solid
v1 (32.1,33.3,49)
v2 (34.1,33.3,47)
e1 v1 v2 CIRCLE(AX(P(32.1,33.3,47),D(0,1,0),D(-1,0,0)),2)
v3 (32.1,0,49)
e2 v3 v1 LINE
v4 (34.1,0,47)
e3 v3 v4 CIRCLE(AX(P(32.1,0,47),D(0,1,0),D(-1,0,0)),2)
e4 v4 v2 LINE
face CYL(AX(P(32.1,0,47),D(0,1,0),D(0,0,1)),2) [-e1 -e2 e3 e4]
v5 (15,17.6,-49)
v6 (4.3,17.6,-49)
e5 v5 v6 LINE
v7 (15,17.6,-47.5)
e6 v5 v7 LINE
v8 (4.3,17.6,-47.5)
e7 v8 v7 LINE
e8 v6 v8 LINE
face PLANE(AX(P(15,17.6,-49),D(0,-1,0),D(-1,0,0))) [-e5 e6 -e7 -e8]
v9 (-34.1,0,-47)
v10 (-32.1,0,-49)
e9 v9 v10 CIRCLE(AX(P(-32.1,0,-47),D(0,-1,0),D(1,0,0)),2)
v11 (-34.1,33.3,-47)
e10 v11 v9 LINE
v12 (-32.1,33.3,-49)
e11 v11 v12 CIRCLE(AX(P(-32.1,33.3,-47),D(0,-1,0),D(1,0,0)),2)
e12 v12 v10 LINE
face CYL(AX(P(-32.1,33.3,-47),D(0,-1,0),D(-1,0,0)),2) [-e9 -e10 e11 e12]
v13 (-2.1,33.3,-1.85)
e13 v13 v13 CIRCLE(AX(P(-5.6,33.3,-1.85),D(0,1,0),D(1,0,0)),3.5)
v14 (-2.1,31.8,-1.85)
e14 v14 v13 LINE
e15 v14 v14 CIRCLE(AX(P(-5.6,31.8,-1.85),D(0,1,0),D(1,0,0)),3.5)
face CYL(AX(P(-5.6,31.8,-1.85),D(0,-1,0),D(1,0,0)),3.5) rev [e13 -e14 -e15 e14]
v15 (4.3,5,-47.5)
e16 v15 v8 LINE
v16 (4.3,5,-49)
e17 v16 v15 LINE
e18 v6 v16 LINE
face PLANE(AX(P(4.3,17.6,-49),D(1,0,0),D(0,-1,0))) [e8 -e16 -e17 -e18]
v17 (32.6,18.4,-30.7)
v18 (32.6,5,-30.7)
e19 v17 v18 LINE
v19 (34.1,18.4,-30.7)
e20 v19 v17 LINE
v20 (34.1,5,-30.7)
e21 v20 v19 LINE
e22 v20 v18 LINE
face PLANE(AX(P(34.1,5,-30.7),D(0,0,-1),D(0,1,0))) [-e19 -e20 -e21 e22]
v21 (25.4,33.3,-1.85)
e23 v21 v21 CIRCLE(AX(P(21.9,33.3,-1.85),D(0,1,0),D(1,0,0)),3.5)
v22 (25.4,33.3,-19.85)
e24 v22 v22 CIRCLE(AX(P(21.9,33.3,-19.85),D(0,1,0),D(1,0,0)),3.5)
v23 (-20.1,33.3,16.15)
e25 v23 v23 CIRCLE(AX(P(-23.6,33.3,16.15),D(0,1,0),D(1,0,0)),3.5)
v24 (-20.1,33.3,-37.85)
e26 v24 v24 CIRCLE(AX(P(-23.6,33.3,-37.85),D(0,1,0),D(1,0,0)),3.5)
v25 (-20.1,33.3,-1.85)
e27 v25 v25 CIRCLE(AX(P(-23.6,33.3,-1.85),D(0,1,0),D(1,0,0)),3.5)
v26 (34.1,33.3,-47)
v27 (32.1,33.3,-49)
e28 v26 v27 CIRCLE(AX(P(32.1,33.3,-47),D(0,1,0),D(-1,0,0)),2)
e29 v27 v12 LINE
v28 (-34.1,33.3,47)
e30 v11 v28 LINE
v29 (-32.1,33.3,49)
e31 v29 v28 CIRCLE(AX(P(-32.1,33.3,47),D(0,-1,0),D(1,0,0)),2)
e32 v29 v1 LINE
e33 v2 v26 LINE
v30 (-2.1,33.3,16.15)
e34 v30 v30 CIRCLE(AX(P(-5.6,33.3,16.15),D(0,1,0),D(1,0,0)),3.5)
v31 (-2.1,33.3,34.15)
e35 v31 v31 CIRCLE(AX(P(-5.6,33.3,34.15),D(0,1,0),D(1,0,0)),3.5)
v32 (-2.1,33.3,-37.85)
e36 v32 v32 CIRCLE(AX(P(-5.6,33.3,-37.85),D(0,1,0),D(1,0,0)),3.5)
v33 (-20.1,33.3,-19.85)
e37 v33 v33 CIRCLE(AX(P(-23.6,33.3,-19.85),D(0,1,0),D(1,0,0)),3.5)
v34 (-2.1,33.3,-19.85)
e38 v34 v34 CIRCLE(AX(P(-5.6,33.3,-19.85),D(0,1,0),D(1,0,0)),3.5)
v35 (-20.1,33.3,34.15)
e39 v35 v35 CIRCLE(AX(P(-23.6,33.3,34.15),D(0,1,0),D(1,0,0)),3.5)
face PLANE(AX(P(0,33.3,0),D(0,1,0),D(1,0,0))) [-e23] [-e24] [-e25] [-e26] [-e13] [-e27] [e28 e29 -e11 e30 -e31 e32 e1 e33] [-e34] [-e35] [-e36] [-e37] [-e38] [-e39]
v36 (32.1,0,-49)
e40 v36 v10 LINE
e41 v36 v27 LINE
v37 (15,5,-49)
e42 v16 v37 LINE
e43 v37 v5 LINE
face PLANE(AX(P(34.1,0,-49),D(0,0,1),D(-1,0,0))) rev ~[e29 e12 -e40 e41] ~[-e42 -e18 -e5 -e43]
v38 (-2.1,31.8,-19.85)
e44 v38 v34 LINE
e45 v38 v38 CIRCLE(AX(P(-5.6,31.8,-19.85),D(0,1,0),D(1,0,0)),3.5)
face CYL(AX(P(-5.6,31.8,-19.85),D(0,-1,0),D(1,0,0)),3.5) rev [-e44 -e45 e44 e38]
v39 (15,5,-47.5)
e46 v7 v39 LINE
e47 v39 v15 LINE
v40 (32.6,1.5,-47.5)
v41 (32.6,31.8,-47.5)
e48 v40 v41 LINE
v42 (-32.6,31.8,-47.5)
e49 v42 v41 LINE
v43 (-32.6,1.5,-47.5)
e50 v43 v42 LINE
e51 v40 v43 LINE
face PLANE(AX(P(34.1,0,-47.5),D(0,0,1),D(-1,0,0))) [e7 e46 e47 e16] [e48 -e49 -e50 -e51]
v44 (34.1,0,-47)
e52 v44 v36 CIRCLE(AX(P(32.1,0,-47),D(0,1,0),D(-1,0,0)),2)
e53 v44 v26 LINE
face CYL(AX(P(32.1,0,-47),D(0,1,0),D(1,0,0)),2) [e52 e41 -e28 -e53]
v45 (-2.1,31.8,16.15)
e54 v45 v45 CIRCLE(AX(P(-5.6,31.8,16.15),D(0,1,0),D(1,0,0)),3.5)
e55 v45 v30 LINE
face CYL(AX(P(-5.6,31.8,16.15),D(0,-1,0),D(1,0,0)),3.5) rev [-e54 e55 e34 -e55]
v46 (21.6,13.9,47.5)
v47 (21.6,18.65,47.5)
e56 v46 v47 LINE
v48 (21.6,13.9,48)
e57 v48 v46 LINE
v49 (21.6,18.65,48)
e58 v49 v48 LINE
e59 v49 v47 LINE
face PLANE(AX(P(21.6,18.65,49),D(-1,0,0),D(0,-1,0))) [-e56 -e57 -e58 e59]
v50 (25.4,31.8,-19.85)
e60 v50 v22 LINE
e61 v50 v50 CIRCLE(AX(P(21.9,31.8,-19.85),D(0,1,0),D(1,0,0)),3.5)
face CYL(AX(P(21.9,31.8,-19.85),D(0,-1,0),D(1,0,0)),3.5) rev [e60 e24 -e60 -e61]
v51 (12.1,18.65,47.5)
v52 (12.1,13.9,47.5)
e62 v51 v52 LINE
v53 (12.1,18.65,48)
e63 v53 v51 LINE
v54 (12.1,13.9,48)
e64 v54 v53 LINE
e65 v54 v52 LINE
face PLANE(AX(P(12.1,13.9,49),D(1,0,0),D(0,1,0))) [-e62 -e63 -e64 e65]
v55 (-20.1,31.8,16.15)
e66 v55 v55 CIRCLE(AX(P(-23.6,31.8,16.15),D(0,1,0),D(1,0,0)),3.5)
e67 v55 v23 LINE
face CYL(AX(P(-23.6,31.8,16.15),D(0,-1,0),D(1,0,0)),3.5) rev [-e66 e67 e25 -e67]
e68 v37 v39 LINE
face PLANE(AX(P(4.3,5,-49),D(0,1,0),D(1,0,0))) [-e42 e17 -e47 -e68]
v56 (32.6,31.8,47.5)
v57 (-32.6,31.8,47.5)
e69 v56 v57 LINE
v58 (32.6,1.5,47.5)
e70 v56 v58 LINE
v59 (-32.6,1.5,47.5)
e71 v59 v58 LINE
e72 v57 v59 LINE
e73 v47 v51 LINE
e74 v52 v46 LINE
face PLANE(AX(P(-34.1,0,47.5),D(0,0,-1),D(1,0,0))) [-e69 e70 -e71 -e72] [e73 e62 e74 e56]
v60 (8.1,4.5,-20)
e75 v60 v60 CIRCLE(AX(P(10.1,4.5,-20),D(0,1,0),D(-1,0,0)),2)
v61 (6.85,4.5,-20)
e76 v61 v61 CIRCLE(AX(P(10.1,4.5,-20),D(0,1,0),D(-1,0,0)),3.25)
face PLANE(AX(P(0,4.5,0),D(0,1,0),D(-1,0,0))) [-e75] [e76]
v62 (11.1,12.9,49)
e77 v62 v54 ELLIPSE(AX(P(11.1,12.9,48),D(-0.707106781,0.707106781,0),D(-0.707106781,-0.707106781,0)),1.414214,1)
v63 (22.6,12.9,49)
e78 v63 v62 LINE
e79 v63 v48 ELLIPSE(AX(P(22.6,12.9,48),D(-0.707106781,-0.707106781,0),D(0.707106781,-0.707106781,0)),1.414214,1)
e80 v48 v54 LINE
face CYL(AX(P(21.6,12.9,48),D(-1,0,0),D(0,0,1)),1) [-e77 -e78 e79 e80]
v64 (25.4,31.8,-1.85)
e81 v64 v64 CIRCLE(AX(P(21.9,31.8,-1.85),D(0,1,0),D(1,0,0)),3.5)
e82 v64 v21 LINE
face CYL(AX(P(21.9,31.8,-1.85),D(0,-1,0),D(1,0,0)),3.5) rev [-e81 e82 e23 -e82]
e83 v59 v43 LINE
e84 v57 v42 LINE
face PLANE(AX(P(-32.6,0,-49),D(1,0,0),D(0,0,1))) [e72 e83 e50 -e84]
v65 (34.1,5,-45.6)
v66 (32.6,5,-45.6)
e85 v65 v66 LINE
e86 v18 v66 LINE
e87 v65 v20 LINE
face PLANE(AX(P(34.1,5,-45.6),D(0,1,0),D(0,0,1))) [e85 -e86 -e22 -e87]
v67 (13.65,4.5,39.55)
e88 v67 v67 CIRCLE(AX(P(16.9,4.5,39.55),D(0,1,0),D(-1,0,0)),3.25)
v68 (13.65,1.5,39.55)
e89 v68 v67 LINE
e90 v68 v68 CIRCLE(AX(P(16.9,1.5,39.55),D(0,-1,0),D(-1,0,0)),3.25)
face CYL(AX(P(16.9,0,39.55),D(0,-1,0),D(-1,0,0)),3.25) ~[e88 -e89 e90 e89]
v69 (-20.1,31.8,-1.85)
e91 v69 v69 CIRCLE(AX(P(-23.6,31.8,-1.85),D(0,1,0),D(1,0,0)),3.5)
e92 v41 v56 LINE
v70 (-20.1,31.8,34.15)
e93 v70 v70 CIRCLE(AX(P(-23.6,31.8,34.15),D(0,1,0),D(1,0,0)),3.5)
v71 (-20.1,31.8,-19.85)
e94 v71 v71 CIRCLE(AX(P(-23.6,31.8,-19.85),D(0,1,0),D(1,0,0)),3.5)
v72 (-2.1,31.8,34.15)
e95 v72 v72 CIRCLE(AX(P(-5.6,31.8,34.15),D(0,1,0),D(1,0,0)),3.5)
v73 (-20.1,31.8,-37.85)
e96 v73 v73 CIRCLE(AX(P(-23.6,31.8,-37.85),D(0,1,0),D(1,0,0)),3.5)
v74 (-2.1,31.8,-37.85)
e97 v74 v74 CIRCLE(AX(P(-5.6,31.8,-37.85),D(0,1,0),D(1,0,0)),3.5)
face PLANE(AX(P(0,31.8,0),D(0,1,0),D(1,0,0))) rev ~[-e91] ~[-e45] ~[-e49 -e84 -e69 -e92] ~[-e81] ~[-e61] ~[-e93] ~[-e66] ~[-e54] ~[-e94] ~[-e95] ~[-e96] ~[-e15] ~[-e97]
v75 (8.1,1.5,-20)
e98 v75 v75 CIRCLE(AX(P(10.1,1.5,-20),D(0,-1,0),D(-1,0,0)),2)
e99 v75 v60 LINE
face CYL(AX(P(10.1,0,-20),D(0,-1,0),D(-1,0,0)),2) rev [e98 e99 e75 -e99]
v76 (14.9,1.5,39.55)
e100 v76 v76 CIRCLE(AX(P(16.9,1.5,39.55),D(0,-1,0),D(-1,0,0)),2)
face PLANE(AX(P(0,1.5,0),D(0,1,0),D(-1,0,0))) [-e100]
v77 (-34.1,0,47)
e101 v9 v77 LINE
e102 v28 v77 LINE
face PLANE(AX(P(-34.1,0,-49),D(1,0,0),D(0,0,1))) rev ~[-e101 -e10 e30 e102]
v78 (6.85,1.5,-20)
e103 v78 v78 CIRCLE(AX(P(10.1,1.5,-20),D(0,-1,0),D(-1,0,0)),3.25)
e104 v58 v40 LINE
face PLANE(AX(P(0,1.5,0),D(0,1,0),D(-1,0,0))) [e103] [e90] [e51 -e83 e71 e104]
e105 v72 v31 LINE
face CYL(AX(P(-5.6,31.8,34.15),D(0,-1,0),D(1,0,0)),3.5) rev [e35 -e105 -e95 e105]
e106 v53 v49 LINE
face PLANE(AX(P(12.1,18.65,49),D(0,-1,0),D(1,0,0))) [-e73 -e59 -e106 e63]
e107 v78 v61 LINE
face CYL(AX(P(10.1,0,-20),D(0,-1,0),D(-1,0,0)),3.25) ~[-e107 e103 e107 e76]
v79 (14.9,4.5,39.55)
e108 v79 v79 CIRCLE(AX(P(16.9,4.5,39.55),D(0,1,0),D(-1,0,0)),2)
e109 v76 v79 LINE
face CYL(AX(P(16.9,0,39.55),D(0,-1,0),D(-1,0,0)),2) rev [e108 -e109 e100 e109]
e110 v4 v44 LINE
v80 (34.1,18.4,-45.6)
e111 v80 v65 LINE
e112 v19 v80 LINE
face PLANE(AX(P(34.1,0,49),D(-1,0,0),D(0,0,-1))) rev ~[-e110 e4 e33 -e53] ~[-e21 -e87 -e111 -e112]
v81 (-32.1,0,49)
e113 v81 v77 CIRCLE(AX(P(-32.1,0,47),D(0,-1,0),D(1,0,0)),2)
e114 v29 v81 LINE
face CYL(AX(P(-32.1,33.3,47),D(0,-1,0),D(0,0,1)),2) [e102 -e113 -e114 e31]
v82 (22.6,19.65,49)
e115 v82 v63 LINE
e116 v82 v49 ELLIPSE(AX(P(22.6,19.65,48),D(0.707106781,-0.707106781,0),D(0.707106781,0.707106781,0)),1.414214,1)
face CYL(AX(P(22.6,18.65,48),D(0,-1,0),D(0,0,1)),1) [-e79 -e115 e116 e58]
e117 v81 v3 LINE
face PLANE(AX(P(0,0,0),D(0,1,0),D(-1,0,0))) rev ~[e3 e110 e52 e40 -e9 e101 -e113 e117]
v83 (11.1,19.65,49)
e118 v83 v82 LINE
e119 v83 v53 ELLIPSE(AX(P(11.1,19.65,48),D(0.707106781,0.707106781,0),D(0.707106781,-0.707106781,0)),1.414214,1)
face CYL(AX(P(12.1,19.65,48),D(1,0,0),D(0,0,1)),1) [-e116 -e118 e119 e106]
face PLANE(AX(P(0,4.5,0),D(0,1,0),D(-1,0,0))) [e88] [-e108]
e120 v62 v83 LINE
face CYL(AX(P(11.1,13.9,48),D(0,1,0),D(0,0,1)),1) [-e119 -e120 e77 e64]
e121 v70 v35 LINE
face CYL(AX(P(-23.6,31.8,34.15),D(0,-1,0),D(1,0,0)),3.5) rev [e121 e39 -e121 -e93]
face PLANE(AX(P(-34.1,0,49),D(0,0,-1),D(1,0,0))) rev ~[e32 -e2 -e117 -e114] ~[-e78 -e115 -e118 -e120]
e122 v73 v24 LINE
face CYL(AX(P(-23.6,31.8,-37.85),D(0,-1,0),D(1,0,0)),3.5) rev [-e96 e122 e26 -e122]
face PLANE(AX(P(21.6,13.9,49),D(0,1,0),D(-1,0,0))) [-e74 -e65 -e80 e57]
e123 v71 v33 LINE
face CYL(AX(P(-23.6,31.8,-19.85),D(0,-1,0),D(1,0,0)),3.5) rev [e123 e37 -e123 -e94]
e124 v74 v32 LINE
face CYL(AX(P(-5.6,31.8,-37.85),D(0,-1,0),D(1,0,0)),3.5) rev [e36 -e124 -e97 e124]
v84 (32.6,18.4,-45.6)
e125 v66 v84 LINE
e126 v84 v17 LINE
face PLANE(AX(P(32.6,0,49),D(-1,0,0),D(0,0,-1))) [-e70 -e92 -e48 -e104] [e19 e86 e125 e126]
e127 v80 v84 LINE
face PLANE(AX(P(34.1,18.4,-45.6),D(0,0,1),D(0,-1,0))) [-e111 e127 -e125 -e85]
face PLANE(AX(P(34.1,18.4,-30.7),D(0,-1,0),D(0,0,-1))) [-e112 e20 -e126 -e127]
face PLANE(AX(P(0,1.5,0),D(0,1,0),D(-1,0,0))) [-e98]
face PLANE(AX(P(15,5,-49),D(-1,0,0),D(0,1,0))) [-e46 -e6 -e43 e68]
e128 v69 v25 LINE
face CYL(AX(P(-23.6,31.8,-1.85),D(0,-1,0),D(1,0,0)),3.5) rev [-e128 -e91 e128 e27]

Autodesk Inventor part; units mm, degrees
ref_plane "YZ Plane" through (0, 0, 0) normal (1, 0, 0) x (0, 1, 0)
ref_plane "XZ Plane" through (0, 0, 0) normal (0, 1, 0) x (-1, 0, 0)
ref_plane "XY Plane" through (0, 0, 0) normal (0, 0, 1) x (1, 0, 0)
sketch "Sketch1" plane through (0, 0, 0) normal (0, 1, 0) x (-1, 0, 0)
  line L0 (-34.1, -49) -> (34.1, -49)
  line L1 (34.1, -49) -> (34.1, 49)
  line L2 (34.1, 49) -> (-34.1, 49)
  line L3 (-34.1, 49) -> (-34.1, -49)
  line L4 (-34.1, -49) -> (34.1, 49) construction
  line L5 (34.1, -49) -> (-34.1, 49) construction
  circle A0 centre (-16.9, 39.55) radius 2
  circle A1 centre (-16.9, 39.55) radius 3.25
  line L6 (-18.8909, 27.1453) -> (-18.8909, 26.9568)
  circle A2 centre (-10.1, -20) radius 2
  circle A3 centre (-10.1, -20) radius 3.25
  point P0 (0, 0)
  dimension "d0" = 68.2
  dimension "d1" = 98
  dimension "d6" = 4
  dimension "d7" = 6.5
  dimension "d8" = 17.2
  dimension "d9" = 9.45
  dimension "d10" = 24
  dimension "d11" = 29
  dimension "d12" = 4
  dimension "d13" = 6.5
extrude "Extrusion1" add sketch "Sketch1" along normal blind 31.8 contours L3 L2 L1 L0 | A0 | A1 | A2 | A3
shell "Shell1" thickness 1.5 removed faces 1 at (11.3667, 31.8, 16.3333)
extrude "Extrusion2" add sketch "Sketch1" along normal blind 4.5 contours A1 | A3
sketch "Sketch2" plane through (-34.1, 0, 49) normal (0, 0, 1) x (1, 0, 0)
  line L0 (0, 0) -> (68.2, 0) projected
  line L1 (68.2, 0) -> (68.2, 31.8) projected
  line L2 (68.2, 0) -> (68.2, 31.8) projected
  line L3 (68.2, 1.5) -> (40, 1.5)
  line L4 (68, 6) -> (36, 6)
  line L5 (36, 6) -> (36, 4.5)
  line L6 (36, 4.5) -> (68, 4.5)
  line L7 (68, 4.5) -> (68, 6)
  line L8 (47.2, 17.65) -> (54.7, 17.65)
  line L9 (54.7, 17.65) -> (54.7, 14.9)
  line L10 (54.7, 14.9) -> (47.2, 14.9)
  line L11 (47.2, 14.9) -> (47.2, 17.65)
  line L12 (47.2, 17.65) -> (54.7, 14.9)
  line L13 (54.7, 17.65) -> (47.2, 14.9)
  line L14 (55.7, 13.9) -> (46.2, 13.9)
  line L15 (46.2, 13.9) -> (46.2, 18.65)
  line L16 (46.2, 18.65) -> (55.7, 18.65)
  line L17 (55.7, 18.65) -> (55.7, 13.9)
  line L18 (55.7, 13.9) -> (46.2, 18.65) construction
  line L19 (46.2, 13.9) -> (55.7, 18.65) construction
  point P0 (34.1, 0)
  point P1 (50.95, 16.275)
  dimension "d19" = 1.5
  dimension "d20" = 3
  dimension "d21" = 1.5
  dimension "d22" = 8.9
  dimension "d23" = 7.5
  dimension "d24" = 2.75
  dimension "d25" = 13.5
  dimension "d26" = 1
  dimension "d27" = 1
extrude "Extrusion3" cut sketch "Sketch2" against normal blind 4.5 contours L12 L13 L11 | L8 L13 L12 | L9 L12 L13 | L13 L12 L10 | L14 L15 L16 L17
fillet "Fillet1" radius 1 4 edges at (16.85, 18.65, 49) (21.6, 16.275, 49) (16.85, 13.9, 49) (12.1, 16.275, 49)
sketch "Sketch3" plane through (34.1, 0, 49) normal (1, 0, 0) x (0, 0, -1)
  line L0 (0, 0) -> (98, 0) projected
  line L1 (98, 0) -> (98, 31.8) projected
  line L2 (80.7, 17.4) -> (93.6, 17.4)
  line L3 (93.6, 17.4) -> (93.6, 6)
  line L4 (93.6, 6) -> (80.7, 6)
  line L5 (80.7, 6) -> (80.7, 17.4)
  line L6 (80.7, 17.4) -> (93.6, 6) construction
  line L7 (93.6, 17.4) -> (80.7, 6) construction
  line L8 (94.6, 5) -> (79.7, 5)
  line L9 (79.7, 5) -> (79.7, 18.4)
  line L10 (79.7, 18.4) -> (94.6, 18.4)
  line L11 (94.6, 18.4) -> (94.6, 5)
  line L12 (94.6, 5) -> (79.7, 18.4) construction
  line L13 (79.7, 5) -> (94.6, 18.4) construction
  point P0 (49, 0)
  point P1 (87.15, 11.7)
  point P2 (87.15, 11.7)
  dimension "d31" = 6
  dimension "d32" = 4.4
  dimension "d33" = 11.4
  dimension "d34" = 12.9
  dimension "d35" = 1
  dimension "d36" = 1
extrude "Extrusion4" cut sketch "Sketch3" against normal blind 4.5 contours L2 L3 L4 L5 | L8 L9 L10 L11
sketch "Sketch4" plane through (34.1, 0, -49) normal (0, 0, -1) x (-1, 0, 0)
  line L0 (0, 0) -> (68.2, 0) projected
  line L1 (0, 0) -> (0, 31.8) projected
  line L2 (28.8, 6) -> (20.1, 6)
  line L3 (20.1, 6) -> (20.1, 16.6)
  line L4 (20.1, 16.6) -> (28.8, 16.6)
  line L5 (28.8, 16.6) -> (28.8, 6)
  line L6 (28.8, 6) -> (20.1, 16.6) construction
  line L7 (20.1, 6) -> (28.8, 16.6) construction
  line L8 (29.8, 5) -> (19.1, 5)
  line L9 (19.1, 5) -> (19.1, 17.6)
  line L10 (19.1, 17.6) -> (29.8, 17.6)
  line L11 (29.8, 17.6) -> (29.8, 5)
  line L12 (29.8, 5) -> (19.1, 17.6) construction
  line L13 (19.1, 5) -> (29.8, 17.6) construction
  point P0 (34.1, 0)
  point P1 (24.45, 11.3)
  dimension "d39" = 20.1
  dimension "d40" = 6
  dimension "d41" = 8.7
  dimension "d42" = 10.6
  dimension "d43" = 1
  dimension "d44" = 1
extrude "Extrusion5" cut sketch "Sketch4" against normal blind 4.5 contours L2 L3 L4 L5 | L8 L9 L10 L11
sketch "Sketch5" plane through (0, 31.8, 0) normal (0, 1, 0) x (1, 0, 0)
  line L0 (32.6, -47.5) -> (-32.6, -47.5) projected
  line L1 (-32.6, -47.5) -> (-32.6, 47.5) projected
  line L2 (-32.6, 47.5) -> (32.6, 47.5) projected
  line L3 (32.6, 47.5) -> (32.6, -47.5) projected
  line L4 (34.1, -49) -> (34.1, 49) projected
  line L5 (34.1, 49) -> (-34.1, 49) projected
  line L6 (-34.1, 49) -> (-34.1, -49) projected
  line L7 (-34.1, -49) -> (34.1, -49) projected
  line L8 (34.1, -49) -> (-34.1, -49)
  line L9 (-34.1, -49) -> (-34.1, 49)
  line L10 (-34.1, 49) -> (34.1, 49)
  line L11 (34.1, 49) -> (34.1, -49)
  circle A0 centre (-23.6, -34.15) radius 3
  circle A1 centre (-23.6, -34.15) radius 3.5
  circle A2 centre (-5.6, -34.15) radius 3.5
  circle A3 centre (-23.6, -16.15) radius 3.5
  circle A4 centre (-5.6, -16.15) radius 3.5
  circle A5 centre (-23.6, 1.85) radius 3.5
  circle A6 centre (-5.6, 1.85) radius 3.5
  circle A7 centre (-23.6, 19.85) radius 3.5
  circle A8 centre (-5.6, 19.85) radius 3.5
  circle A9 centre (-23.6, 37.85) radius 3.5
  circle A10 centre (-5.6, 37.85) radius 3.5
  circle A11 centre (-5.6, 1.85) radius 3.5
  circle A12 centre (21.9, 19.85) radius 3.5
  circle A13 centre (21.9, 1.85) radius 3.5
  line L12 (34.1, -49) -> (-34.1, -49)
  line L13 (-34.1, -49) -> (-34.1, 49)
  line L14 (-34.1, 49) -> (34.1, 49)
  line L15 (34.1, 49) -> (34.1, -49)
  point P0 (0, 0)
  dimension "d47" = 6
  dimension "d48" = 7
  dimension "d50" = 13.35
  dimension "d51" = 9
  dimension "d54" = 18
  dimension "d57" = 18
  dimension "d62" = 18
  dimension "d65" = 18
  dimension "d70" = 18
  dimension "d73" = 27.5
extrude "Extrusion6" add sketch "Sketch5" along normal blind 1.5 contours L0 L1 L2 L3 | L7 L6 L5 L4
fillet "Fillet2" radius 2 4 edges at (34.1, 16.65, -49) (-34.1, 16.65, -49) (34.1, 16.65, 49) (-34.1, 16.65, 49)
